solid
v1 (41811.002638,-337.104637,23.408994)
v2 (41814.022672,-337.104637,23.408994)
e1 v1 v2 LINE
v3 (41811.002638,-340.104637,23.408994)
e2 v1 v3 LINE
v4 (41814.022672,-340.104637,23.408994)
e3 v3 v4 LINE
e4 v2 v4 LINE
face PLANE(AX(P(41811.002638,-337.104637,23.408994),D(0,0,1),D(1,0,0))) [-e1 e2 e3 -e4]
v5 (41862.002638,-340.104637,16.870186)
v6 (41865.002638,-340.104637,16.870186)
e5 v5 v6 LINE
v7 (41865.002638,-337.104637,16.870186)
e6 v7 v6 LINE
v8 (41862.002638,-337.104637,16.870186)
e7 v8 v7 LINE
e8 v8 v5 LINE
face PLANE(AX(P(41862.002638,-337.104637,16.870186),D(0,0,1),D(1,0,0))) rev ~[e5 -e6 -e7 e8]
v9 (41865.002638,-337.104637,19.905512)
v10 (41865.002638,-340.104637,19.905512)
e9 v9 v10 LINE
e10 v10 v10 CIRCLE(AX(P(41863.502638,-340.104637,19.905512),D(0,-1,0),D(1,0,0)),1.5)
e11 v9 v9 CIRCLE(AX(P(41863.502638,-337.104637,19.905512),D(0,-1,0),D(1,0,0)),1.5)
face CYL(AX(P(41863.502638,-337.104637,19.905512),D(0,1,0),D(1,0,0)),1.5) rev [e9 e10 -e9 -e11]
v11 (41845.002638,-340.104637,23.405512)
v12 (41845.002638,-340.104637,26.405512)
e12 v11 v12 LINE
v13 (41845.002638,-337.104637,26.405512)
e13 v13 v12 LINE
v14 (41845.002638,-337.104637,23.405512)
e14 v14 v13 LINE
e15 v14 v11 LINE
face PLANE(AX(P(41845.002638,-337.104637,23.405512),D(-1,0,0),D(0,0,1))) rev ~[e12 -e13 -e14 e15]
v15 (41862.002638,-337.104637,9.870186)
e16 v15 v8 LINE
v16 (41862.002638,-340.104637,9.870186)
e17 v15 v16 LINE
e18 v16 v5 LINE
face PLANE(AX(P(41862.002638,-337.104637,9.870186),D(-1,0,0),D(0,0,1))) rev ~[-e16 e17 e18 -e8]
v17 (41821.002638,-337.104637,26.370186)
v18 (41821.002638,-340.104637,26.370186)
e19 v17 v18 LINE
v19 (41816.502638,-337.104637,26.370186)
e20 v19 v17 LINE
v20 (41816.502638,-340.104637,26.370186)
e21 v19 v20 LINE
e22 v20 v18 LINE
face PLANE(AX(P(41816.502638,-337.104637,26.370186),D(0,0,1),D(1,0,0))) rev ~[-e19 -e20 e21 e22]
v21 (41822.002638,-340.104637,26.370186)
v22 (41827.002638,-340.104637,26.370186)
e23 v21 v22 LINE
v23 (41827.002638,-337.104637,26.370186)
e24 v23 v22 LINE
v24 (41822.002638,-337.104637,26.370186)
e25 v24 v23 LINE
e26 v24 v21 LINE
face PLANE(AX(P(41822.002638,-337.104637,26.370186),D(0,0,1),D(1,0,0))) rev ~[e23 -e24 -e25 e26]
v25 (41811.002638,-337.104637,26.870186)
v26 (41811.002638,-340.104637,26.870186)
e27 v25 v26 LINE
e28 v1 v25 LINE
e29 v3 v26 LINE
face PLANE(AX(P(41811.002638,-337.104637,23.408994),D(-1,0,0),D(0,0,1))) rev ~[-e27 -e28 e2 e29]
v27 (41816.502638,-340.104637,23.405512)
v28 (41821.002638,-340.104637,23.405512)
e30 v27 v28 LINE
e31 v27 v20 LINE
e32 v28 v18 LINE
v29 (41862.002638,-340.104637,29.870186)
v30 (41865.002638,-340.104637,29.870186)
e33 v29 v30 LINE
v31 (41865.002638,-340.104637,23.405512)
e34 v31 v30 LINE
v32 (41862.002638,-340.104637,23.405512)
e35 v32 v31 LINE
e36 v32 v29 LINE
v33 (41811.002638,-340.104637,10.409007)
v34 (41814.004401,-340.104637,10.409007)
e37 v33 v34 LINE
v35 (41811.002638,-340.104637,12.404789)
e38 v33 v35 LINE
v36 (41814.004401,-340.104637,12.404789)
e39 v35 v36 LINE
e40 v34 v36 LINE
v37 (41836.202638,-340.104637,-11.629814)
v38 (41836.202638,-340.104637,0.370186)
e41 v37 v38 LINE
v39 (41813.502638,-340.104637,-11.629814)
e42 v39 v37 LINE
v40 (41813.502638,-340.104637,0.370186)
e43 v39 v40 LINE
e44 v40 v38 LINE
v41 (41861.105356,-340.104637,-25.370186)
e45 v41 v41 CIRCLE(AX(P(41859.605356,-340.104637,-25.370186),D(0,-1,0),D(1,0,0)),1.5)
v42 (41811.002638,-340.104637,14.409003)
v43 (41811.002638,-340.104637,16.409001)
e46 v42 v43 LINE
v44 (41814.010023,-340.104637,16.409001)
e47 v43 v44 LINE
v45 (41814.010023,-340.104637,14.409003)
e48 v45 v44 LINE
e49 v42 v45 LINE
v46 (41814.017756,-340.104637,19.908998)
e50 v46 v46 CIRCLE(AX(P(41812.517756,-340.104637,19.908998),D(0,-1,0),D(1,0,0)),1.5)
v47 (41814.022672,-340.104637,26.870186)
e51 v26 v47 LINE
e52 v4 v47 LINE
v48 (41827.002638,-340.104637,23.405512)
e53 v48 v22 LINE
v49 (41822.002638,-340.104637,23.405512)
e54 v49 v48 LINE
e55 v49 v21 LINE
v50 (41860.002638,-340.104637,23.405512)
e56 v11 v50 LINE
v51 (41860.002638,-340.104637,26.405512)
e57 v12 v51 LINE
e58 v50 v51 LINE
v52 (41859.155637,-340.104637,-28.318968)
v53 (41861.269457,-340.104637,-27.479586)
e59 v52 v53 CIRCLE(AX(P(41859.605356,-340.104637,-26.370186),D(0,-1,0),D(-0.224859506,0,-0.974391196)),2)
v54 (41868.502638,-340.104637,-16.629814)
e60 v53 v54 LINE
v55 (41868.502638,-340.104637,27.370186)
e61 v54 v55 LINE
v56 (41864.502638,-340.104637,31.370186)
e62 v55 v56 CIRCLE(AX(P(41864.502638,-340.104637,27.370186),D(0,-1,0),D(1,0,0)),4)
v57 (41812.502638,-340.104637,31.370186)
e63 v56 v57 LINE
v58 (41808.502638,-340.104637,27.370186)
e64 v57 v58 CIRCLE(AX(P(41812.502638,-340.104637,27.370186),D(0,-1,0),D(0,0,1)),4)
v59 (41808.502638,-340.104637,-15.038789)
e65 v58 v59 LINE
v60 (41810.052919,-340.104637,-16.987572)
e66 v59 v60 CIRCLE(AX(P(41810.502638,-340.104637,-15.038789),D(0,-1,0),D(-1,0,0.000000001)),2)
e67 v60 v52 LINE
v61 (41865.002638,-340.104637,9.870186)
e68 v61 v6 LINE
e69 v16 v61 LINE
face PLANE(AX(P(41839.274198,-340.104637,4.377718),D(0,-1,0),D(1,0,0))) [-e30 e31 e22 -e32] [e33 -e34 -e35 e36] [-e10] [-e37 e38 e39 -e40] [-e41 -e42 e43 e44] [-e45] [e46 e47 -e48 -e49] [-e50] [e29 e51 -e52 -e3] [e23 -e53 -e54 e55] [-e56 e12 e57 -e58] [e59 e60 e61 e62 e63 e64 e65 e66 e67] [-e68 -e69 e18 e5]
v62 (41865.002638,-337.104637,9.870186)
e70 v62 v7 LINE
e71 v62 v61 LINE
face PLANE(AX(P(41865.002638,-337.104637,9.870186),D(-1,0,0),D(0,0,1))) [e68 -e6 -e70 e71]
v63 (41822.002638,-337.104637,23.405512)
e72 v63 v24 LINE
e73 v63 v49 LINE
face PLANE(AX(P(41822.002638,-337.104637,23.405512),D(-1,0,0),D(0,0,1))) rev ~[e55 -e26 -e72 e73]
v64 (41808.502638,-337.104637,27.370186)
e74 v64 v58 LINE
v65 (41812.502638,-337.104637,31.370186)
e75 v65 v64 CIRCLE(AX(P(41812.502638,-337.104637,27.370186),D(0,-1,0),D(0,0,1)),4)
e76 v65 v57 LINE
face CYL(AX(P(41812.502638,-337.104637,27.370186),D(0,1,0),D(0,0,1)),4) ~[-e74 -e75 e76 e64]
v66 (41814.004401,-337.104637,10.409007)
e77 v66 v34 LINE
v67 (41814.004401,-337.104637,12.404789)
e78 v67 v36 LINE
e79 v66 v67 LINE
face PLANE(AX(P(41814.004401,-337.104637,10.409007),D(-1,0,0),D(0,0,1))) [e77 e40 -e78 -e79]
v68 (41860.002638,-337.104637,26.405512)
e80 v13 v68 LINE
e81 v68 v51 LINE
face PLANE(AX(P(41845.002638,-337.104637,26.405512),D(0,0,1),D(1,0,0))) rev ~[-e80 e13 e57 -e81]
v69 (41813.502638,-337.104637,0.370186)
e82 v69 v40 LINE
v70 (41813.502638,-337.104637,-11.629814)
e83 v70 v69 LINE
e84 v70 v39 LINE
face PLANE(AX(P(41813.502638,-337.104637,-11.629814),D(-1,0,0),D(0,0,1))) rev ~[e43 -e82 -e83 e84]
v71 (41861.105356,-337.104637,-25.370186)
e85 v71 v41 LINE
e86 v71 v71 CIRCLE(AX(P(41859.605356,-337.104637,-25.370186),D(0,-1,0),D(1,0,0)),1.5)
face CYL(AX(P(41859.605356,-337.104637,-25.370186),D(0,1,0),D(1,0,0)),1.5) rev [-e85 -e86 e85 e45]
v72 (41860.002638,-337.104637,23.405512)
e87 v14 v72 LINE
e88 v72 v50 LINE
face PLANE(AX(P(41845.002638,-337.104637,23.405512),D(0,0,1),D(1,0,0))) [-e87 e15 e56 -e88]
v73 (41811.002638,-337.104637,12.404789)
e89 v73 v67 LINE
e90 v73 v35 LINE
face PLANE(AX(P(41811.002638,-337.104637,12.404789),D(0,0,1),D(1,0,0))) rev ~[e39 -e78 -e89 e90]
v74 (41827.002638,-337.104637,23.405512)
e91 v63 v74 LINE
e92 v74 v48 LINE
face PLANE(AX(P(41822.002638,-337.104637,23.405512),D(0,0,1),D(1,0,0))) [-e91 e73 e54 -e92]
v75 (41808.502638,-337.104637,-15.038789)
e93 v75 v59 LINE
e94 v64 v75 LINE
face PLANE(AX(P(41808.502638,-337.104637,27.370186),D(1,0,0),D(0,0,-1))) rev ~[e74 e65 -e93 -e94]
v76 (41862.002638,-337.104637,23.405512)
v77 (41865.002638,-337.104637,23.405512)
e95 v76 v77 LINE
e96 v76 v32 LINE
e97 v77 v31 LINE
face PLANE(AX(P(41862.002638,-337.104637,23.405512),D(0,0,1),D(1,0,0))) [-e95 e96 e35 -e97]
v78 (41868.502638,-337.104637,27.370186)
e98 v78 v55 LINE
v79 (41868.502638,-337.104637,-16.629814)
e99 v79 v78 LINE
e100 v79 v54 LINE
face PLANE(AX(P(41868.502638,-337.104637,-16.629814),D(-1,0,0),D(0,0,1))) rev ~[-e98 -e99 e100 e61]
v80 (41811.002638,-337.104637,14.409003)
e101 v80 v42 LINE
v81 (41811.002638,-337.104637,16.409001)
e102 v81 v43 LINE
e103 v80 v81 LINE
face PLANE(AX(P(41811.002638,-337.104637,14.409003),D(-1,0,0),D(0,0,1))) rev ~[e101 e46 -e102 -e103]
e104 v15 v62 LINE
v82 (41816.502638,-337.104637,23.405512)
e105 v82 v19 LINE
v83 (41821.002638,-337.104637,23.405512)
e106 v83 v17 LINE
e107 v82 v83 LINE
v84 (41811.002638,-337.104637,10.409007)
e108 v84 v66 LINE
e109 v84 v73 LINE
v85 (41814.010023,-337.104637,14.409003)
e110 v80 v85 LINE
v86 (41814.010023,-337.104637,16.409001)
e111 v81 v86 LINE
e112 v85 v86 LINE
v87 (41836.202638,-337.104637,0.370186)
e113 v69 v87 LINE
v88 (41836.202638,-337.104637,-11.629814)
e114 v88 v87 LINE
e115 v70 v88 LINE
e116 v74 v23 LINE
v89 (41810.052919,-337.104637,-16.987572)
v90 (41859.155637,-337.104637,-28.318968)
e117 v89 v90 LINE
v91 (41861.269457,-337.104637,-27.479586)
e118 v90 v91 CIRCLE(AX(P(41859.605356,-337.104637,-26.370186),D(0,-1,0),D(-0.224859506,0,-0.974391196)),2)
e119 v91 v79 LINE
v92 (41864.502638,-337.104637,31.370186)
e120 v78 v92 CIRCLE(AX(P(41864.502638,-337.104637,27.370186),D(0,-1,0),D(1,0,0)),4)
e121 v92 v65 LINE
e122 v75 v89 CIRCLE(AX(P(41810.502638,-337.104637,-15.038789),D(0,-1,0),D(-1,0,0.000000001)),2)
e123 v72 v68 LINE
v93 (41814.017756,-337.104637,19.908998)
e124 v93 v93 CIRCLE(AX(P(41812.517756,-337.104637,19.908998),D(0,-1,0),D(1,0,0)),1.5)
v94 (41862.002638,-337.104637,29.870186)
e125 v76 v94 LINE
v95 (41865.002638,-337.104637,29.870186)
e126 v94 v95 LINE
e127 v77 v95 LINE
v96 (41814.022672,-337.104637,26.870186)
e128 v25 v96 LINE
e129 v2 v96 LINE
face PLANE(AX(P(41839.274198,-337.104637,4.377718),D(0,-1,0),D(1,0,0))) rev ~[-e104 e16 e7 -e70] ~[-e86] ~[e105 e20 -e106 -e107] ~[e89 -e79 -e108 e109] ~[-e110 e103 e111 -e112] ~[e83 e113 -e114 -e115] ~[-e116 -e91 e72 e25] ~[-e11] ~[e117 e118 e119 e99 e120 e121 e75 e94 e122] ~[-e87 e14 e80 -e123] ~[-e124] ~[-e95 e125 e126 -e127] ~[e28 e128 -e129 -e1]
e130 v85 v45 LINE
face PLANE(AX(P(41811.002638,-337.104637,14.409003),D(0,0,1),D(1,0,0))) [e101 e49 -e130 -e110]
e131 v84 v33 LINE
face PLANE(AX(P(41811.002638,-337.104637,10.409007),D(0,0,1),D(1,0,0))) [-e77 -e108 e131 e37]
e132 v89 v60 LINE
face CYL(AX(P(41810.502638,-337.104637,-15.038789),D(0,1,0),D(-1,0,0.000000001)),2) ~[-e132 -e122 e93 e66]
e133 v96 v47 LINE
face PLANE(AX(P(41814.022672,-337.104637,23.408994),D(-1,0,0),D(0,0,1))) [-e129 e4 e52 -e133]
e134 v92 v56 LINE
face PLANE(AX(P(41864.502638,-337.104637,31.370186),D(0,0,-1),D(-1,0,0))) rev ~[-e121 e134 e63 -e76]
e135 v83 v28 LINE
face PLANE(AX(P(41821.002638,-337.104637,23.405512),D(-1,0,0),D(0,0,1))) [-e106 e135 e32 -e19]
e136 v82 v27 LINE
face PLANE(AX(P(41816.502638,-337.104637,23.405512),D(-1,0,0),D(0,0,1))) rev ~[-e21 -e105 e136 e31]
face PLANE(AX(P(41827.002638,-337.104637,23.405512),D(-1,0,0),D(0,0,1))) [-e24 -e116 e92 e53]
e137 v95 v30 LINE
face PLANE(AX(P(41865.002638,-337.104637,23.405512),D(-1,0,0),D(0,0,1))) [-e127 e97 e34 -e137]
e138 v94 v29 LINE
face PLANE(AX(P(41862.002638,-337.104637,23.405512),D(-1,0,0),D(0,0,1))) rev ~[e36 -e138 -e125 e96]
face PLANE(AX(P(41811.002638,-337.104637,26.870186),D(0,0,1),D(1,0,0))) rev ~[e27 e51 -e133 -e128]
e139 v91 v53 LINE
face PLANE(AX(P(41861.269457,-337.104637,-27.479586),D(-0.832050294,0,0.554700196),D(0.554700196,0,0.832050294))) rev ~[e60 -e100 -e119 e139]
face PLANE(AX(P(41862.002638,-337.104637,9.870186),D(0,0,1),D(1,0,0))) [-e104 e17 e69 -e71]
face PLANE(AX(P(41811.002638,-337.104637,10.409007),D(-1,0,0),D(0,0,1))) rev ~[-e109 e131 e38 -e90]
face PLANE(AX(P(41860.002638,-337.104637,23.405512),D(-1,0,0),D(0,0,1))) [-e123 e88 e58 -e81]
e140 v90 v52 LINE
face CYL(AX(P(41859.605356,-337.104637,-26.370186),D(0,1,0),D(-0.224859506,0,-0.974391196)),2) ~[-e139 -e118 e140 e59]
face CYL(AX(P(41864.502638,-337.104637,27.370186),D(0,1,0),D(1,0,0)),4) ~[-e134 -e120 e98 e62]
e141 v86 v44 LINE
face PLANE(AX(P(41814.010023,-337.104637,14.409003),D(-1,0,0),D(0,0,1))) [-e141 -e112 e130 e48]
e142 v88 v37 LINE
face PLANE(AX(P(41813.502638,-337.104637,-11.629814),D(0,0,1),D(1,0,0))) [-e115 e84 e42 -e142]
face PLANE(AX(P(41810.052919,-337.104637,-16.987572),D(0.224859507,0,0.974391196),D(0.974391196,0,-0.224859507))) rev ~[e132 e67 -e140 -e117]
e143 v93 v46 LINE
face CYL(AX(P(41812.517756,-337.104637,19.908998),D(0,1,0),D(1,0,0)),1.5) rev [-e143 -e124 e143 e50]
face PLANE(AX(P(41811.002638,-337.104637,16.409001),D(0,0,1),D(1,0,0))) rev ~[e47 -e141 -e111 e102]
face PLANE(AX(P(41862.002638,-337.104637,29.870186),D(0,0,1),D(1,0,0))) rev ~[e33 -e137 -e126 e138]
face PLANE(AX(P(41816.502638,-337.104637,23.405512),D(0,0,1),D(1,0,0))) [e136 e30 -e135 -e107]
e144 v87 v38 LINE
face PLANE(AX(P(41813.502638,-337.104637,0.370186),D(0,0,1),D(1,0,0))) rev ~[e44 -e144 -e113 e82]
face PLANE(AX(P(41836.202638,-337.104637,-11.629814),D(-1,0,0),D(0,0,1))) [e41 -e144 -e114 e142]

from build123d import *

# Parameters (mm, degrees)
CROQUIS1_R                 = 1.5
CROQUIS1_W                 = 3
CROQUIS1_H                 = 6.464673287
CROQUIS1_W_2               = 3.020034148
CROQUIS1_H_2               = 3.461191377
CROQUIS1_W_3               = 4.5
CROQUIS1_H_3               = 2.964673291
CROQUIS1_W_4               = 5
CROQUIS1_W_5               = 15
CROQUIS1_H_4               = 3
CROQUIS1_H_5               = 7
CROQUIS1_W_6               = 3.007385003
CROQUIS1_H_6               = 1.999998024
CROQUIS1_W_7               = 3.001763161
CROQUIS1_H_7               = 1.995781642
CROQUIS1_W_8               = 22.700000001
CROQUIS1_H_8               = 12
SALIENTE_EXTRUIR1_DEPTH    = 3
S_LIDO_MOVER_COPIAR1_ANGLE = 90


with BuildPart() as part:
    # Croquis1 → Saliente-Extruir1 (new body)
    with BuildSketch(Plane.XY):
        with BuildLine():
            Line((41808.502638122, -312.734450912), (41808.502638122, -355.143425671))
            ThreePointArc((41808.502638122, -355.143425671), (41808.937480298, -356.388528473), (41810.052919108, -357.092208062))
            Line((41810.052919108, -357.092208062), (41859.155637399, -368.423604591))
            ThreePointArc((41859.155637399, -368.423604591), (41860.343476449, -368.333633328), (41861.269457002, -367.584222592))
            Line((41861.269457002, -367.584222592), (41868.502638122, -356.734450911))
            Line((41868.502638122, -356.734450911), (41868.502638122, -312.734450912))
            ThreePointArc((41868.502638122, -312.734450912), (41867.331065246, -309.906023787), (41864.502638122, -308.734450912))
            Line((41864.502638122, -308.734450912), (41812.502638122, -308.734450912))
            ThreePointArc((41812.502638122, -308.734450912), (41809.674210997, -309.906023787), (41808.502638122, -312.734450912))
        make_face()
        with Locations((41859.605356413, -365.4748222)):
            Circle(CROQUIS1_R, mode=Mode.SUBTRACT)
        with Locations((41812.517756121, -320.195638832)):
            Circle(CROQUIS1_R, mode=Mode.SUBTRACT)
        with Locations((41863.502638122, -320.199124199)):
            Circle(CROQUIS1_R, mode=Mode.SUBTRACT)
        with Locations((41863.502638122, -313.466787555)):
            Rectangle(CROQUIS1_W, CROQUIS1_H, mode=Mode.SUBTRACT)
        with Locations((41812.512655196, -314.965046601)):
            Rectangle(CROQUIS1_W_2, CROQUIS1_H_2, mode=Mode.SUBTRACT)
        with Locations((41818.752638122, -315.216787557)):
            Rectangle(CROQUIS1_W_3, CROQUIS1_H_3, mode=Mode.SUBTRACT)
        with Locations((41824.502638122, -315.216787557)):
            Rectangle(CROQUIS1_W_4, CROQUIS1_H_3, mode=Mode.SUBTRACT)
        with Locations((41852.502638122, -315.199124203)):
            Rectangle(CROQUIS1_W_5, CROQUIS1_H_4, mode=Mode.SUBTRACT)
        with Locations((41863.502638122, -326.734450912)):
            Rectangle(CROQUIS1_W, CROQUIS1_H_5, mode=Mode.SUBTRACT)
        with Locations((41812.506330624, -324.695634388)):
            Rectangle(CROQUIS1_W_6, CROQUIS1_H_6, mode=Mode.SUBTRACT)
        with Locations((41812.503519702, -328.697738628)):
            Rectangle(CROQUIS1_W_7, CROQUIS1_H_7, mode=Mode.SUBTRACT)
        with Locations((41824.852638123, -345.734450912)):
            Rectangle(CROQUIS1_W_8, CROQUIS1_H_8, mode=Mode.SUBTRACT)
    extrude(amount=SALIENTE_EXTRUIR1_DEPTH)


with BuildPart() as part_1:
    # Sólido-Mover/Copiar1: moved
    add(part.part.rotate(Axis((0, -338.604636556, 1.5), (1, 0, 0)), S_LIDO_MOVER_COPIAR1_ANGLE))


solid = part_1.part
